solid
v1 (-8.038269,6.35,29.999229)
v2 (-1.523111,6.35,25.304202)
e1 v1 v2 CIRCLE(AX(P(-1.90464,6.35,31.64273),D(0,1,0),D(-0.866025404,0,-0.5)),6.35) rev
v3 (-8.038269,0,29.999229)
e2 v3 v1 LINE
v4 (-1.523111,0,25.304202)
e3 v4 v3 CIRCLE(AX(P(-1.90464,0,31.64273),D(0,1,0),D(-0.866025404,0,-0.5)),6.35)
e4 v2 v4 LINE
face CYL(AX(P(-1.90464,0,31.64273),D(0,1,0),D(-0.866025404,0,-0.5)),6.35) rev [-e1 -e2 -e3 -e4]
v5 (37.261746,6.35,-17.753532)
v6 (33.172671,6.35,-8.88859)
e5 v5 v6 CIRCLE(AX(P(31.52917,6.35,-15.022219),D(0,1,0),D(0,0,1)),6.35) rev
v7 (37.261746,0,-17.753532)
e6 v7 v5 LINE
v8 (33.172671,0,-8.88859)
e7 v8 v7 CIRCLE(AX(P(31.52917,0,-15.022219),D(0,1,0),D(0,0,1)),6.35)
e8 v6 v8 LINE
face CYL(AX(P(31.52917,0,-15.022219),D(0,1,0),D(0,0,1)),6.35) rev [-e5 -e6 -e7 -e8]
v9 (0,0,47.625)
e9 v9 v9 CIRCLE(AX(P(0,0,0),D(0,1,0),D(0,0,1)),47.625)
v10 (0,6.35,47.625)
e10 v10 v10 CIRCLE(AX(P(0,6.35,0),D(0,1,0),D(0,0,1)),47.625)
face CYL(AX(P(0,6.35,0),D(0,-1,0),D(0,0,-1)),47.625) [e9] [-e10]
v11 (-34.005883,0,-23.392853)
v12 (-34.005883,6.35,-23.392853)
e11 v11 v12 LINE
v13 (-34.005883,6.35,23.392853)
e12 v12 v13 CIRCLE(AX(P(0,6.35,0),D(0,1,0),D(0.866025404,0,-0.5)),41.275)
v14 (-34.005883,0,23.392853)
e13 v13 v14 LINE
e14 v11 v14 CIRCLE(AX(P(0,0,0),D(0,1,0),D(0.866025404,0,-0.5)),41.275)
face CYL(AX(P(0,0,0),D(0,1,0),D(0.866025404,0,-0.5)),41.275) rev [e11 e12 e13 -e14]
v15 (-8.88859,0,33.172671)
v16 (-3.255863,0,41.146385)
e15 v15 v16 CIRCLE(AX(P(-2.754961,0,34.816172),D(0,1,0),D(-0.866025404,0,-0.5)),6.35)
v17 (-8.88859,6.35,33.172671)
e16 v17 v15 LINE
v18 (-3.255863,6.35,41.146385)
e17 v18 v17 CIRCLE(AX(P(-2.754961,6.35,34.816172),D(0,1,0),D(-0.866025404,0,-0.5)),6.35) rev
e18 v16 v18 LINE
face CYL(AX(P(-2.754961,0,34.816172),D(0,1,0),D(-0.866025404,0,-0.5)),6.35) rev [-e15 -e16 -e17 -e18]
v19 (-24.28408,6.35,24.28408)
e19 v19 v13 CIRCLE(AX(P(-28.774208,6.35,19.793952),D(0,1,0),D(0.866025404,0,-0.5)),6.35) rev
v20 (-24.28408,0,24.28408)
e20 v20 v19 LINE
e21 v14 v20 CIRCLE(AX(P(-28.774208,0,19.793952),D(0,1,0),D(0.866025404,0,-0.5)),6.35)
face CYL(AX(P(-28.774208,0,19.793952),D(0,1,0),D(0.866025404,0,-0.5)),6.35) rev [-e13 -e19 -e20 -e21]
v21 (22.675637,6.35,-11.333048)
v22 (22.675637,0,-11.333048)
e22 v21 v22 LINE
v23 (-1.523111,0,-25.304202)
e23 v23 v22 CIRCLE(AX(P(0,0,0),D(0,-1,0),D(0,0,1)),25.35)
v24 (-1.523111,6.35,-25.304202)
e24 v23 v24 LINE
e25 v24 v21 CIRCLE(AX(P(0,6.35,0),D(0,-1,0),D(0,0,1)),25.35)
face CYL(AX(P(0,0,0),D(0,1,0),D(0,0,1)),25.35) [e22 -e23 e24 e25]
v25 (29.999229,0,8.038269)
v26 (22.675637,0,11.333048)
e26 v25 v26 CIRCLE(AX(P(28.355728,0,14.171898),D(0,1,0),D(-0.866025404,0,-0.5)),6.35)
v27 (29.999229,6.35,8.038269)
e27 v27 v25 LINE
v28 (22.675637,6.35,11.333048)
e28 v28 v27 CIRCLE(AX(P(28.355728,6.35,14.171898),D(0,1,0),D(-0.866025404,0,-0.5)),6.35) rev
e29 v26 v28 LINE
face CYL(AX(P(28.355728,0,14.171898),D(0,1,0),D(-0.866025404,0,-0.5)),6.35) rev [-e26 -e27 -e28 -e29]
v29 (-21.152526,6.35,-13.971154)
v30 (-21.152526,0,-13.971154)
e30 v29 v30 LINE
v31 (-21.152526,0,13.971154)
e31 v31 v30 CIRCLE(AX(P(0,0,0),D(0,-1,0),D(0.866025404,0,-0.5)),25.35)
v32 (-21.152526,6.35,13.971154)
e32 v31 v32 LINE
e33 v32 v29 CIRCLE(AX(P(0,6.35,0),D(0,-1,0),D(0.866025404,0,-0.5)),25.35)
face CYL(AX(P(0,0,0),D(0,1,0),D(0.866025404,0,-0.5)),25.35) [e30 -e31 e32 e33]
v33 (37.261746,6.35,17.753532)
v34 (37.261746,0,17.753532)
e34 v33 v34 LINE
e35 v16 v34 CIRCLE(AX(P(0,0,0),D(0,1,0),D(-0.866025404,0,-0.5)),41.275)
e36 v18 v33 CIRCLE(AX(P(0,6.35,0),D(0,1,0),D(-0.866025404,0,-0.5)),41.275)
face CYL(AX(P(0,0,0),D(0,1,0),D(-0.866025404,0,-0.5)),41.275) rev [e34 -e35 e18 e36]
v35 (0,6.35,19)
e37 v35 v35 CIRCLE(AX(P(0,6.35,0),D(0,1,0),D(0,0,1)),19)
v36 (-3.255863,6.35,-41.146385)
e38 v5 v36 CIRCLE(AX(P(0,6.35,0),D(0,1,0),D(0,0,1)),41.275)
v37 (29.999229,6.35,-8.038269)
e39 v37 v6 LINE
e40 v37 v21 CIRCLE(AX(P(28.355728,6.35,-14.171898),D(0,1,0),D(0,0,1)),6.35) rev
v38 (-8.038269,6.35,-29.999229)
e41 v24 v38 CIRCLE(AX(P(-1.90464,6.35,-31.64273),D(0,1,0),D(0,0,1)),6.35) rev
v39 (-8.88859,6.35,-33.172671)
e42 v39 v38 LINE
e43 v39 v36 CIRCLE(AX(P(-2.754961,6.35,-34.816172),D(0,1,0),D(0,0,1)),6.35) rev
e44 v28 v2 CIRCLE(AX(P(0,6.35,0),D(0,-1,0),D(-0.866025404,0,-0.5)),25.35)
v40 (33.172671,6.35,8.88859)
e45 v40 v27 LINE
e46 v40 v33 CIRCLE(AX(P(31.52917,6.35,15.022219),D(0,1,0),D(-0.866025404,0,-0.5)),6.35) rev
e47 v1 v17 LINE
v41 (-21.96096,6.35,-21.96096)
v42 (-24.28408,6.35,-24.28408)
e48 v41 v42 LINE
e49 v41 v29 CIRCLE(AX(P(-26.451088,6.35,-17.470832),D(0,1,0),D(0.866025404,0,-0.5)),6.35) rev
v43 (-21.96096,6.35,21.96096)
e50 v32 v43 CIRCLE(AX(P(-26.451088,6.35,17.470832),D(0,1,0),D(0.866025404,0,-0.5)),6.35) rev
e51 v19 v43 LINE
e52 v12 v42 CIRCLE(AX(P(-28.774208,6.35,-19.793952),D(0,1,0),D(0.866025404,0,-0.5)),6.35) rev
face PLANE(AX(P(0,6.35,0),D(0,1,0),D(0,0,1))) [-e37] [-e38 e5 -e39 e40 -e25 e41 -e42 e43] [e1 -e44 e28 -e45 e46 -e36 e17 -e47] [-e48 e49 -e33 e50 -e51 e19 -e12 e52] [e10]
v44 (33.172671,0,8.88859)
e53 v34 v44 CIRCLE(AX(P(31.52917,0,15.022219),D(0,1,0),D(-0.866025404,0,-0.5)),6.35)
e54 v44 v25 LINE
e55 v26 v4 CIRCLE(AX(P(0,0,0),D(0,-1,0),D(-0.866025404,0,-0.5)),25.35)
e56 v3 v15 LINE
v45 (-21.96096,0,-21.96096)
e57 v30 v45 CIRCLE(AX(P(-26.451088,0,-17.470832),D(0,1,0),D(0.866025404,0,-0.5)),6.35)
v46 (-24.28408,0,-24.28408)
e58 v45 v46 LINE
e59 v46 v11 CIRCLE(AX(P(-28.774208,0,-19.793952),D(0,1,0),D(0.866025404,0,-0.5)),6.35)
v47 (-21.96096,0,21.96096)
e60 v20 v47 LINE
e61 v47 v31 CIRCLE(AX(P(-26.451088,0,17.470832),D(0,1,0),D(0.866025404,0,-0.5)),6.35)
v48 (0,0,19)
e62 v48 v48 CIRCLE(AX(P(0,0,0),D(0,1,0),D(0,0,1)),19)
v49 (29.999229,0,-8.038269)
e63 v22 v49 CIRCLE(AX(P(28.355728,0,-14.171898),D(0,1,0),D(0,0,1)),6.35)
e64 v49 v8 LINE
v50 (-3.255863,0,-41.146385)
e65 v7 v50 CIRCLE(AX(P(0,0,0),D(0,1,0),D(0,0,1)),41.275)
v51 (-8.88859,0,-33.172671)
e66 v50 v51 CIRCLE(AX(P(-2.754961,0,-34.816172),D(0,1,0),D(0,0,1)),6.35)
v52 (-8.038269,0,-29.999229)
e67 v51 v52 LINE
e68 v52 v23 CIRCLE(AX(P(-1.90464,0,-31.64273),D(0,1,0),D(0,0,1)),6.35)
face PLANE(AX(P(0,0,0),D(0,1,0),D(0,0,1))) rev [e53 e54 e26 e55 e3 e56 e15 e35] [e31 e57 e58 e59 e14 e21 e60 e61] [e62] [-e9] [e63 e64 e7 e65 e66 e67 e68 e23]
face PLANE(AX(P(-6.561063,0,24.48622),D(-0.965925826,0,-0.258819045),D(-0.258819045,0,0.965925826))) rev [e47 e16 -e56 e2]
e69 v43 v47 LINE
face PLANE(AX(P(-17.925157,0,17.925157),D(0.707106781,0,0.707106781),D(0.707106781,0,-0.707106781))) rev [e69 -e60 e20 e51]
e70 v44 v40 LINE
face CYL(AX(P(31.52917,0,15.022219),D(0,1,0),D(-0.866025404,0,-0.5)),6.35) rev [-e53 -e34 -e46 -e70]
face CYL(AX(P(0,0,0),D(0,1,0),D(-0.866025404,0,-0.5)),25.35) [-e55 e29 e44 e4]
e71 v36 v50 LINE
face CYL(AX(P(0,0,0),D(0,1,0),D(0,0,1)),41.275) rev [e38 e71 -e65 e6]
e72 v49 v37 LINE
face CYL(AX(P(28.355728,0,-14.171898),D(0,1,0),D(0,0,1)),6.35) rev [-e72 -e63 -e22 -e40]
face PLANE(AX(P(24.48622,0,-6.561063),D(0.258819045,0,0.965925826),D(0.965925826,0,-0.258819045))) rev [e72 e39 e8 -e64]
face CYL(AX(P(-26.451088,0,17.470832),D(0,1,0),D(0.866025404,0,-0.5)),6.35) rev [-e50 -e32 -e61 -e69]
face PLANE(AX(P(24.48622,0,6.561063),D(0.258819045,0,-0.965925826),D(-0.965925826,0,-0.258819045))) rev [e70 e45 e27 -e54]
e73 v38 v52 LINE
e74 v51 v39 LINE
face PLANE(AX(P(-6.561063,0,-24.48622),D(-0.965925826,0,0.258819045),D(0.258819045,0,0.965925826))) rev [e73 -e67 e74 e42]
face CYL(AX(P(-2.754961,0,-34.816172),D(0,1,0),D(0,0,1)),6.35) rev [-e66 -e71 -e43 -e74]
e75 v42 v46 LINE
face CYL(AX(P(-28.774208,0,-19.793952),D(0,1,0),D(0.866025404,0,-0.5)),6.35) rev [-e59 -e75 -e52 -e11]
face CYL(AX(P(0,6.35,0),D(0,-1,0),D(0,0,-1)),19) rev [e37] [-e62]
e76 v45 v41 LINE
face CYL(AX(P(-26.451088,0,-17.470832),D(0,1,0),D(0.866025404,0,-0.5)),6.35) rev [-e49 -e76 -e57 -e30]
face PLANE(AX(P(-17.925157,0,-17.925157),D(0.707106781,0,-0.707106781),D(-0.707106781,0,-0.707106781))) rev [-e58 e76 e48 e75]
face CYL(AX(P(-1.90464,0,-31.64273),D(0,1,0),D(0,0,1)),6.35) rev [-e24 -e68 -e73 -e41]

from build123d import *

# Parameters (mm, degrees)
SKETCH2_R                = 47.625
SKETCH2_R_2              = 19
BOSS_EXTRUDE1_DEPTH      = 6.35
CUT_EXTRUDE1_DEPTH       = 68.650600515
FILLET1_R                = 6.35
CIRPATTERN1_COUNT        = 3
FILLET1_OF_CIRPATTERN1_R = 6.35


with BuildPart() as part:
    # Sketch2 → Boss-Extrude1 (new body)
    with BuildSketch(Plane(origin=(0, 0, 0), x_dir=(1, 0, 0), z_dir=(0, 1, 0))):
        with Locations(Location((0, 0, 0), (0, 0, 270))):
            Circle(SKETCH2_R)
        with Locations(Location((0, 0, 0), (0, 0, 270))):
            Circle(SKETCH2_R_2, mode=Mode.SUBTRACT)
    extrude(amount=BOSS_EXTRUDE1_DEPTH)

    # Sketch3 → Cut-Extrude1 (cut, through all)
    with BuildSketch(Plane(origin=(0, 6.35, 0), x_dir=(1, 0, 0), z_dir=(0, 1, 0))):
        with BuildLine():
            Line((24.486219696, 6.561062793), (39.86858848, 10.682756087))
            ThreePointArc((39.86858848, 10.682756087), (20.6375, 35.745198541), (-10.682756087, 39.86858848))
            Line((-10.682756087, 39.86858848), (-6.561062793, 24.486219696))
            ThreePointArc((-6.561062793, 24.486219696), (12.675, 21.953743986), (24.486219696, 6.561062793))
        make_face()
    cut_extrude1 = extrude(amount=-CUT_EXTRUDE1_DEPTH, mode=Mode.SUBTRACT)

    # Fillet1
    fillet1_edges = [part.edges().sort_by_distance(p)[0] for p in [
        (24.486219696, 3.175, -6.561062793),
        (-6.561062793, 3.175, -24.486219696),
        (-10.682756087, 3.175, -39.86858848),
        (39.86858848, 3.175, -10.682756087),
    ]]
    fillet(fillet1_edges, radius=FILLET1_R)

    # CirPattern1: Cut-Extrude1 ×3 about axis
    cirpattern1_axis = Axis((0, 0, 0), (0, 1, 0))
    for i in range(1, CIRPATTERN1_COUNT):
        add(cut_extrude1.rotate(cirpattern1_axis, i * 360 / CIRPATTERN1_COUNT), mode=Mode.SUBTRACT)

    # Fillet1 of CirPattern1
    fillet1_of_cirpattern1_edges = [part.edges().sort_by_distance(p)[0] for p in [
        (-17.925156903, 3.175, -17.925156903),
        (-17.925156903, 3.175, 17.925156903),
        (-29.185832393, 3.175, 29.185832393),
        (-29.185832393, 3.175, -29.185832393),
        (-6.561062793, 3.175, 24.486219696),
        (24.486219696, 3.175, 6.561062793),
        (39.86858848, 3.175, 10.682756087),
        (-10.682756087, 3.175, 39.86858848),
    ]]
    fillet(fillet1_of_cirpattern1_edges, radius=FILLET1_OF_CIRPATTERN1_R)


solid = part.part
